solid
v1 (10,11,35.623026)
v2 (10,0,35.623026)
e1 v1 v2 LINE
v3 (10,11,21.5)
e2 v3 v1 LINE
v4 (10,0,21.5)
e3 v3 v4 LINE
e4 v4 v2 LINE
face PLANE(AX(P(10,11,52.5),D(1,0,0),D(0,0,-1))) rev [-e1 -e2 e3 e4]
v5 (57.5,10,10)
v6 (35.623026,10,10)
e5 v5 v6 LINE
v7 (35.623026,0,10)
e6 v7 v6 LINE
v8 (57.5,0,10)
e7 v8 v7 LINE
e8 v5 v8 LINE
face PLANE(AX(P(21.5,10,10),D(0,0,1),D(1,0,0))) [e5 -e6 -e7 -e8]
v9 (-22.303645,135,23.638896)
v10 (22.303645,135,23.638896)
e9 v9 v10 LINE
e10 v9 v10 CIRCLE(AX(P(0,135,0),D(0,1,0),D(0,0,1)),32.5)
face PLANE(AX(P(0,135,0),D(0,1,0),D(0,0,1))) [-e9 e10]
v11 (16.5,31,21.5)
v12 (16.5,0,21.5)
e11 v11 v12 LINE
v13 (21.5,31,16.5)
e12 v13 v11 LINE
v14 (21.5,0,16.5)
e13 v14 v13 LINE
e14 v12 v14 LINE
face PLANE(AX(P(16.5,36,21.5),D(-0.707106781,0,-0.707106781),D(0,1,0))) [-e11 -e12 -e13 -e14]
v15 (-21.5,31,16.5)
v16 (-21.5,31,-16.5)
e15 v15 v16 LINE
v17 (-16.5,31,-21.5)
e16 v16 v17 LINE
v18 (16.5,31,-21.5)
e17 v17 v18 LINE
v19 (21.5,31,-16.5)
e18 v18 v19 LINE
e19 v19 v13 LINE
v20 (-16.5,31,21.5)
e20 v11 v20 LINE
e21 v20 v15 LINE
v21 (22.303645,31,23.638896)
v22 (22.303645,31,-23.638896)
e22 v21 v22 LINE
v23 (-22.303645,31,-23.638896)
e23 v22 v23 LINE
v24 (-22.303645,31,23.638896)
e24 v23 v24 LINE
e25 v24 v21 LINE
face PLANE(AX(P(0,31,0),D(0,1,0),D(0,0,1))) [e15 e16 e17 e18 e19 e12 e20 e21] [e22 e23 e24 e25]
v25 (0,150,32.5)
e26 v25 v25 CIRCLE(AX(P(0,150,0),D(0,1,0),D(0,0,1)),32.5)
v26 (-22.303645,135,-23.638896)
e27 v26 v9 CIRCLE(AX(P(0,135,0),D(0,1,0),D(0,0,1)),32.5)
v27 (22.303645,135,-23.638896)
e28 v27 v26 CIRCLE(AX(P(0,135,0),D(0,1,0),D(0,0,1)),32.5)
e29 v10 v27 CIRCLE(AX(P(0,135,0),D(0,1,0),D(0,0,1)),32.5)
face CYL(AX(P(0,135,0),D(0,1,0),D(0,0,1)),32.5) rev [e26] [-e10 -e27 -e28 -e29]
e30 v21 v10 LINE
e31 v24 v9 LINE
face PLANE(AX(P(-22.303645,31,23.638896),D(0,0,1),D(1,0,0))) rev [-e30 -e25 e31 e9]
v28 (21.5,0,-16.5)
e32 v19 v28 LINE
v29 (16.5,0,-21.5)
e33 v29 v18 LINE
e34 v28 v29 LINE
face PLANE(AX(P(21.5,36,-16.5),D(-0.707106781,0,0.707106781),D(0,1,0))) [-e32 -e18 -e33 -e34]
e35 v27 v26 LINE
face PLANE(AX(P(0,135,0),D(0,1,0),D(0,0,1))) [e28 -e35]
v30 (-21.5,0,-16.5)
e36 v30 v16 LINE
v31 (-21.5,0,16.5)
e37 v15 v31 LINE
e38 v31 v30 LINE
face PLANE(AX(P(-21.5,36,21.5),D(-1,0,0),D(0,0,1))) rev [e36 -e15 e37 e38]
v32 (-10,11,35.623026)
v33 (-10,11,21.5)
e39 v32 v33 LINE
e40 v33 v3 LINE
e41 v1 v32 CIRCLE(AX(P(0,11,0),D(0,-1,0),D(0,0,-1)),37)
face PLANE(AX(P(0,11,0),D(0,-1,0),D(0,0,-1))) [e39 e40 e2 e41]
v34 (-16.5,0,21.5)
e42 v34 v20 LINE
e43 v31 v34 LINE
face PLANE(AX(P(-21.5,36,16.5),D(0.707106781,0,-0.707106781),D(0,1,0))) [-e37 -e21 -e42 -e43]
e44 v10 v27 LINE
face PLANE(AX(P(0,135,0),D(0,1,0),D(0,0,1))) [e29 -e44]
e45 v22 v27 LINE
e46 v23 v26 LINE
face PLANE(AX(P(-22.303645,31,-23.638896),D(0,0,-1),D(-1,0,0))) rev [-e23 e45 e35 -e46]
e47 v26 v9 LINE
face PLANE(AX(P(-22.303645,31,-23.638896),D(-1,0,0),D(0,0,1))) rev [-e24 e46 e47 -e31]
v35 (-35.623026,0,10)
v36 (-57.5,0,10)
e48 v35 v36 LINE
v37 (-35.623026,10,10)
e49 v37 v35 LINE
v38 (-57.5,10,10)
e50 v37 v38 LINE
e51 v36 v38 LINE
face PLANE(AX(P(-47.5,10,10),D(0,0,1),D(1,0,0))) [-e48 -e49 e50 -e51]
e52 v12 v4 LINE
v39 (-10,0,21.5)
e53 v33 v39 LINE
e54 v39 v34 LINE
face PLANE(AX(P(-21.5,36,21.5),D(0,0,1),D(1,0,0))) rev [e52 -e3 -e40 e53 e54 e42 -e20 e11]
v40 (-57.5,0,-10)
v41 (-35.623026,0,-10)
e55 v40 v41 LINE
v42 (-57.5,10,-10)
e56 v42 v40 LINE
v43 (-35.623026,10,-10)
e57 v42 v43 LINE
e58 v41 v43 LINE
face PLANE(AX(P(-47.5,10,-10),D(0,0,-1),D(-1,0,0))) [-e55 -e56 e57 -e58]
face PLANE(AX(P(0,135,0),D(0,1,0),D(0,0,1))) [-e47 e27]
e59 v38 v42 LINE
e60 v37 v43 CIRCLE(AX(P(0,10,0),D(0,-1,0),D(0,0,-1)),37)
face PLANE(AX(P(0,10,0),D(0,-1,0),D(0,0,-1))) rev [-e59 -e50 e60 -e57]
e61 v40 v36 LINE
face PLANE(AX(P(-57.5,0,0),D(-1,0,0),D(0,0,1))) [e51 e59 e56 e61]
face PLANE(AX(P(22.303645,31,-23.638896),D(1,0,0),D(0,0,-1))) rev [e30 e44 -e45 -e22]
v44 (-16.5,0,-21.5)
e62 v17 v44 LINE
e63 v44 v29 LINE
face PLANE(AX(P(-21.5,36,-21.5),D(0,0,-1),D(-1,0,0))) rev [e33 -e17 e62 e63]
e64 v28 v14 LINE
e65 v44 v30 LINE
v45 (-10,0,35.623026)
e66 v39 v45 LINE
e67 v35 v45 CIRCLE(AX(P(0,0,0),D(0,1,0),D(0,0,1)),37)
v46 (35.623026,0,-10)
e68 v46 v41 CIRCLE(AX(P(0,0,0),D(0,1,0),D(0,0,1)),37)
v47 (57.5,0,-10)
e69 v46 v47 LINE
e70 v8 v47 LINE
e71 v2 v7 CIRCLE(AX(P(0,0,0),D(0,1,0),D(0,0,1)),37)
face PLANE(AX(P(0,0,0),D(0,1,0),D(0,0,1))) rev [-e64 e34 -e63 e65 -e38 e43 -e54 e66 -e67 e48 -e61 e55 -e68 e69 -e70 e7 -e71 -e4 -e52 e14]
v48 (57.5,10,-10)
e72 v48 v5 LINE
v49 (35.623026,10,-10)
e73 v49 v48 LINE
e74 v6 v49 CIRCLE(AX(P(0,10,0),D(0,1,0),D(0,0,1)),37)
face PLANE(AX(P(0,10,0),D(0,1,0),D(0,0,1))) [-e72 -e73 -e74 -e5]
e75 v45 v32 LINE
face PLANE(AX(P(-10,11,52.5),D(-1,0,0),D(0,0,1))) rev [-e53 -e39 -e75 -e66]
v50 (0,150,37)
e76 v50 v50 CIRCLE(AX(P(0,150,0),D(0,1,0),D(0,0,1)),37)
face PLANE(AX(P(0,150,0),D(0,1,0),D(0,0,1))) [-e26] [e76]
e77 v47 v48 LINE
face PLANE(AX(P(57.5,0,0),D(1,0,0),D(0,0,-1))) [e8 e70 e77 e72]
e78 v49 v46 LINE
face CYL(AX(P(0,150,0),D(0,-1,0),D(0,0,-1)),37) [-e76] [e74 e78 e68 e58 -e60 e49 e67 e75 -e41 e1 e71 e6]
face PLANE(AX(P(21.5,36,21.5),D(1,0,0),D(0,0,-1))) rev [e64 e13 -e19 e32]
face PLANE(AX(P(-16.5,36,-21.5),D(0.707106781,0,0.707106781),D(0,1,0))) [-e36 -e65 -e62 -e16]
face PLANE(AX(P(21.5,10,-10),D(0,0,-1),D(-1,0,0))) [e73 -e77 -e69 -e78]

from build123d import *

# Parameters (mm, degrees)
SKETCH1_R           = 37
BOSS_EXTRUDE1_DEPTH = 150
SKETCH2_W           = 23
SKETCH2_H           = 23
CUT_EXTRUDE1_DEPTH  = 150
SKETCH3_W           = 43
SKETCH3_H           = 43
CUT_EXTRUDE2_DEPTH  = 36
CHAMFER1_SIZE       = 5
SKETCH5_R           = 32.5
CUT_EXTRUDE3_DEPTH  = 15
SKETCH11_W          = 44.607289856
SKETCH11_H          = 47.277792796
CUT_EXTRUDE7_DEPTH  = 104
SKETCH12_W          = 26
SKETCH12_H          = 20
BOSS_EXTRUDE2_DEPTH = 10
SKETCH13_W          = 20
SKETCH13_H          = 31
CUT_EXTRUDE8_DEPTH  = 11
SKETCH14_W          = 20
SKETCH14_H          = 10
BOSS_EXTRUDE3_DEPTH = 10
SKETCH15_W          = 20
SKETCH15_H          = 10
BOSS_EXTRUDE4_DEPTH = 10


with BuildPart() as part:
    # Sketch1 → Boss-Extrude1 (new body)
    with BuildSketch(Plane(origin=(0, 0, 0), x_dir=(1, 0, 0), z_dir=(0, 1, 0))):
        with Locations(Location((0, 0, 0), (0, 0, 270))):
            Circle(SKETCH1_R)
    extrude(amount=BOSS_EXTRUDE1_DEPTH)

    # Sketch2 → Cut-Extrude1 (cut)
    with BuildSketch(Plane(origin=(0, 150, 0), x_dir=(1, 0, 0), z_dir=(0, 1, 0))):
        Rectangle(SKETCH2_W, SKETCH2_H)
    extrude(amount=-CUT_EXTRUDE1_DEPTH, mode=Mode.SUBTRACT)

    # Sketch3 → Cut-Extrude2 (cut)
    with BuildSketch(Plane.XZ):
        Rectangle(SKETCH3_W, SKETCH3_H)
    extrude(amount=-CUT_EXTRUDE2_DEPTH, mode=Mode.SUBTRACT)

    # Chamfer1
    chamfer1_edges = [part.edges().sort_by_distance(p)[0] for p in [
        (21.5, 18, 21.5),
        (21.5, 18, -21.5),
        (-21.5, 18, -21.5),
        (-21.5, 18, 21.5),
    ]]
    chamfer(chamfer1_edges, length=CHAMFER1_SIZE)

    # Sketch5 → Cut-Extrude3 (cut)
    with BuildSketch(Plane(origin=(0, 150, 0), x_dir=(1, 0, 0), z_dir=(0, 1, 0))):
        with Locations(Location((0, 0, 0), (0, 0, 270))):
            Circle(SKETCH5_R)
    extrude(amount=-CUT_EXTRUDE3_DEPTH, mode=Mode.SUBTRACT)

    # Sketch11 → Cut-Extrude7 (cut)
    with BuildSketch(Plane(origin=(0, 135, 0), x_dir=(1, 0, 0), z_dir=(0, 1, 0))):
        Rectangle(SKETCH11_W, SKETCH11_H)
    extrude(amount=-CUT_EXTRUDE7_DEPTH, mode=Mode.SUBTRACT)

    # Sketch12 → Boss-Extrude2 (add)
    with BuildSketch(Plane.XZ):
        with Locations((-34.5, 0)):
            Rectangle(SKETCH12_W, SKETCH12_H)
        with Locations((34.5, 0)):
            Rectangle(SKETCH12_W, SKETCH12_H)
    extrude(amount=-BOSS_EXTRUDE2_DEPTH)

    # Sketch13 → Cut-Extrude8 (cut)
    with BuildSketch(Plane.XZ):
        with Locations((0, 37)):
            Rectangle(SKETCH13_W, SKETCH13_H)
    extrude(amount=-CUT_EXTRUDE8_DEPTH, mode=Mode.SUBTRACT)

    # Sketch14 → Boss-Extrude3 (add)
    with BuildSketch(Plane(origin=(47.5, 0, 0), x_dir=(0, 0, -1), z_dir=(1, 0, 0))):
        with Locations((0, 5)):
            Rectangle(SKETCH14_W, SKETCH14_H)
    extrude(amount=BOSS_EXTRUDE3_DEPTH)

    # Sketch15 → Boss-Extrude4 (add)
    with BuildSketch(Plane.ZY.offset(47.5)):
        with Locations((0, 5)):
            Rectangle(SKETCH15_W, SKETCH15_H)
    extrude(amount=BOSS_EXTRUDE4_DEPTH)


solid = part.part
